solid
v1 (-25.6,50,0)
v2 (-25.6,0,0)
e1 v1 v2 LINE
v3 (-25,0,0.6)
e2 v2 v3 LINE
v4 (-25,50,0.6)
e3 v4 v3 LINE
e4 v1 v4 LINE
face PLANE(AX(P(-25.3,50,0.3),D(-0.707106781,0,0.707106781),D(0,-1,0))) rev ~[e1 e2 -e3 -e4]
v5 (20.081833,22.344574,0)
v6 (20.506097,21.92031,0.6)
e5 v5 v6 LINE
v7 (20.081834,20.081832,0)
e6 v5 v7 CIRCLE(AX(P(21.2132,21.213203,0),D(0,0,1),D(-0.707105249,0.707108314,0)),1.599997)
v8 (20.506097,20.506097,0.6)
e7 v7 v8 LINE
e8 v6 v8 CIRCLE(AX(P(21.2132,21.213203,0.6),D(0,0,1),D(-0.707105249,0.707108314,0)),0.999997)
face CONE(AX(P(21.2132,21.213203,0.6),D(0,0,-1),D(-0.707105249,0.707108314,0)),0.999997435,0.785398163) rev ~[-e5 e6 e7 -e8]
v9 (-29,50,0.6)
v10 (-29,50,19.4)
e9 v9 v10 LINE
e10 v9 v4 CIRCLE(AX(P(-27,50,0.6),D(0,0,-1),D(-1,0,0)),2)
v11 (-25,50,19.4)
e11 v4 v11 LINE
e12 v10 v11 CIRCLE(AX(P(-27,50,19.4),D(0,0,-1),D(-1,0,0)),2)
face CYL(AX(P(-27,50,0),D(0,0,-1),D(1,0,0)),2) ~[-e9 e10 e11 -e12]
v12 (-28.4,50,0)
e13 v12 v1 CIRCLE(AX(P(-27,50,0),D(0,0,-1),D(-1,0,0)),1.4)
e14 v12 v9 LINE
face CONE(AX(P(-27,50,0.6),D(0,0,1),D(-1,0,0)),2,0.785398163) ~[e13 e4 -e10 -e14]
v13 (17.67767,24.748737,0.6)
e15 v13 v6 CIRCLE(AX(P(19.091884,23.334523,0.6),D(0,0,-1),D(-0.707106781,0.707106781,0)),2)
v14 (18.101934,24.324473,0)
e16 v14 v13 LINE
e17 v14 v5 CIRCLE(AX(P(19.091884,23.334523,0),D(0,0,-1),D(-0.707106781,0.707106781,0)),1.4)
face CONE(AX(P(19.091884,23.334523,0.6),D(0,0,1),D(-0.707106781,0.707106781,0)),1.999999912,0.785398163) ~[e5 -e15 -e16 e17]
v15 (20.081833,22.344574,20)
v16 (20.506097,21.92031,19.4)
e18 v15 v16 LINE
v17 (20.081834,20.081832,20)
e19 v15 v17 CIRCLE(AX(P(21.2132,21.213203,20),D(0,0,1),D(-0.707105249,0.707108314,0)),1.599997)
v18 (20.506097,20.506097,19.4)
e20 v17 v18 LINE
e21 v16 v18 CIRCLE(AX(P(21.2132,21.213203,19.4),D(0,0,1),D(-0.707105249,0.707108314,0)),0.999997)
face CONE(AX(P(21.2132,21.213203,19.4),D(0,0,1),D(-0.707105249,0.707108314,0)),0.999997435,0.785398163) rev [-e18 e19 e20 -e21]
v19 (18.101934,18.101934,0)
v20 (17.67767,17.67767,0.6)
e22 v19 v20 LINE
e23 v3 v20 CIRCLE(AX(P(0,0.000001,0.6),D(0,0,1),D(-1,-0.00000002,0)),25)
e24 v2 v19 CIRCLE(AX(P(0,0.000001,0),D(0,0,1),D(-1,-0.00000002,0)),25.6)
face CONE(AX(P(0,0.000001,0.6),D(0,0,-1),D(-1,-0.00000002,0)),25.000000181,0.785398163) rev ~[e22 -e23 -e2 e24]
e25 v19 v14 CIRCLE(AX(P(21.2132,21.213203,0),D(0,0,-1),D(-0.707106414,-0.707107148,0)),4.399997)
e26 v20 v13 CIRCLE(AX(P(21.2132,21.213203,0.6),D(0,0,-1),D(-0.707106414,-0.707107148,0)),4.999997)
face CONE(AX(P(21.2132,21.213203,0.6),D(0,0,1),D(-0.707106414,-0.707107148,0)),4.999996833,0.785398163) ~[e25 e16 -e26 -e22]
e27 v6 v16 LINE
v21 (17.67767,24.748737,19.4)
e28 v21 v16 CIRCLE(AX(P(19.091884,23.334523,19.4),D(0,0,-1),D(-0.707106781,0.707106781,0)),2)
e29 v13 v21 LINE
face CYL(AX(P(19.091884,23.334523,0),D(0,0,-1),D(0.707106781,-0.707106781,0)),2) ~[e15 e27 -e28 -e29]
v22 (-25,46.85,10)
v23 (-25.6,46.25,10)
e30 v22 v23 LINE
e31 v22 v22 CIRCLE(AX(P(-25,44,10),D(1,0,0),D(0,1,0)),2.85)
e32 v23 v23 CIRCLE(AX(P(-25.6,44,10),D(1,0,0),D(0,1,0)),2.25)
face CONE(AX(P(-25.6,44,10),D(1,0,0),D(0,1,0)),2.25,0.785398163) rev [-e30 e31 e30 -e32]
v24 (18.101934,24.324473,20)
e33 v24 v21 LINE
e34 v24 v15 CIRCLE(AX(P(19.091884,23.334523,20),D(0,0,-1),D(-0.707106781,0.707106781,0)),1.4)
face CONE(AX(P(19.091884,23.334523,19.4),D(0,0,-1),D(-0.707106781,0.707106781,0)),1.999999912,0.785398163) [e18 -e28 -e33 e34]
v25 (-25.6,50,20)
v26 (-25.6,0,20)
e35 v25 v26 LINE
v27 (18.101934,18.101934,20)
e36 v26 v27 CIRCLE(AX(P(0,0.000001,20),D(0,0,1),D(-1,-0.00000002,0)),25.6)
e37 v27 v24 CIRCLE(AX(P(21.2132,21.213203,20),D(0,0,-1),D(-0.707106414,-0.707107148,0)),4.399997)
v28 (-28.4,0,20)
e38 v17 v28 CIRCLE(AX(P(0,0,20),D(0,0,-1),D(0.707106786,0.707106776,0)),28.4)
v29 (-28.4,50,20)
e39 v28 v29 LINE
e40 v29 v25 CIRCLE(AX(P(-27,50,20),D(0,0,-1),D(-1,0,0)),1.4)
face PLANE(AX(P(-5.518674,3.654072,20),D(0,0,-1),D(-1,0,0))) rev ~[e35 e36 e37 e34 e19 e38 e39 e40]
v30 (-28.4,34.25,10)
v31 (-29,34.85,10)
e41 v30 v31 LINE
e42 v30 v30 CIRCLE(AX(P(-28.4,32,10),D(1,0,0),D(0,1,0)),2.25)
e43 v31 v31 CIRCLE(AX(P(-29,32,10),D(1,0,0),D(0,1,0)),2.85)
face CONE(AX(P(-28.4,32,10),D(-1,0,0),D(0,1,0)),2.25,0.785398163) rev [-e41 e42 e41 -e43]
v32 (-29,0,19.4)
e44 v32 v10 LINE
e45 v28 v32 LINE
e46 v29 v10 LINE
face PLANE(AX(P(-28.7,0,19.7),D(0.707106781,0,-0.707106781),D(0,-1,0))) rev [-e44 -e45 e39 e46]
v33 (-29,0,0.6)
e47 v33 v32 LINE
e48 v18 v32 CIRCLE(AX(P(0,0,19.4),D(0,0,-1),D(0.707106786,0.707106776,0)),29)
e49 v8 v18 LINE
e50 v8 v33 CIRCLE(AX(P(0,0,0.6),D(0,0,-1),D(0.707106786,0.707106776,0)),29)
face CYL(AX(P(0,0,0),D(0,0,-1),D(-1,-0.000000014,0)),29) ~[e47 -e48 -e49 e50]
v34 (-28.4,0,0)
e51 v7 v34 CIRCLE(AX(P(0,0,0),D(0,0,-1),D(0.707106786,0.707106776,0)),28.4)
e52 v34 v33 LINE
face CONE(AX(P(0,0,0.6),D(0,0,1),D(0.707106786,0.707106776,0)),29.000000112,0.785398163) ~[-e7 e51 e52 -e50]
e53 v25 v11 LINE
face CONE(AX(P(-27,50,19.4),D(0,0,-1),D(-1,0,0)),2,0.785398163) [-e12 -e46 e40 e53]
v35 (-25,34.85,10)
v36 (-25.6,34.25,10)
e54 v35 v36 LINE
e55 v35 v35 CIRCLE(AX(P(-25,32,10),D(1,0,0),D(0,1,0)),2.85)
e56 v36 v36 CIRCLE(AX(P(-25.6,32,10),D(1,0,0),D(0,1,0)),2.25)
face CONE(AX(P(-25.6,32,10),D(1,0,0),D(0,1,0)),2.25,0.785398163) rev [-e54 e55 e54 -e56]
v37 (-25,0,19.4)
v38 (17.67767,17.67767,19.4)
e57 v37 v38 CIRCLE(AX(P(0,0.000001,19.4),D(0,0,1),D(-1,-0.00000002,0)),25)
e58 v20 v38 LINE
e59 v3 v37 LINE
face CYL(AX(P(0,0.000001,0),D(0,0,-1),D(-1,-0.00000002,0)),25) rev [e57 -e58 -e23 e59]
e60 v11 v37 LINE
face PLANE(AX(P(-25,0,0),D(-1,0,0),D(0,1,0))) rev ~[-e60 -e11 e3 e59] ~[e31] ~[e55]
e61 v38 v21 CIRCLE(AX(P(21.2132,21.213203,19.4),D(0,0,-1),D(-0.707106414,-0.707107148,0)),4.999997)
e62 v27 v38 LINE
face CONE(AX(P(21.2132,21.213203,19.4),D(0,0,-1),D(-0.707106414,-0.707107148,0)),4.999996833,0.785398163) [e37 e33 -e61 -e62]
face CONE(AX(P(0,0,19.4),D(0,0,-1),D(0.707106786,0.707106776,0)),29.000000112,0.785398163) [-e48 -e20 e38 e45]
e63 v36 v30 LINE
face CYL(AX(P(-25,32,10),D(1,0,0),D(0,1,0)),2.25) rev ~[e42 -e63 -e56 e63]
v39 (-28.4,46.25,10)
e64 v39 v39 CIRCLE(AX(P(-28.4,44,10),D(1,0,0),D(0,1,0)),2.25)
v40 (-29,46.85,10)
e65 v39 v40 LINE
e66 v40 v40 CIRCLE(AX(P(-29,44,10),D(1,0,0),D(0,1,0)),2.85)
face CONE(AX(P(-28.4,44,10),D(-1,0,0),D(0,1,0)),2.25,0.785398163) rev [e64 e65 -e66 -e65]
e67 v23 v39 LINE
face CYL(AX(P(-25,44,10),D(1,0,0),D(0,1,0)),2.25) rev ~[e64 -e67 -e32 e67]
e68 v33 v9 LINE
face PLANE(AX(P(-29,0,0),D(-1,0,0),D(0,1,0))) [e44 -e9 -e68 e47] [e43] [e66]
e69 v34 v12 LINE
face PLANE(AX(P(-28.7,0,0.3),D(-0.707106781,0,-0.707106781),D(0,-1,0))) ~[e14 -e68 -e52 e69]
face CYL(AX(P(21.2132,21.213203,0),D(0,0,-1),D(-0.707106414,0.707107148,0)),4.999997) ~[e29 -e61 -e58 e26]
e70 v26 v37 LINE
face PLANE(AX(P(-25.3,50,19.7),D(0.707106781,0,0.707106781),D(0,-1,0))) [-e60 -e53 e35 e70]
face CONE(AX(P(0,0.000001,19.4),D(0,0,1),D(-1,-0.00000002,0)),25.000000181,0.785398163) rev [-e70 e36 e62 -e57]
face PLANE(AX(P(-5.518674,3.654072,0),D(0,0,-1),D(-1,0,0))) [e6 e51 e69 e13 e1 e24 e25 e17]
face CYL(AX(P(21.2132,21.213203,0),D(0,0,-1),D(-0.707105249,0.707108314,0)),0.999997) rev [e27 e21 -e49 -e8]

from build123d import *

# Parameters (mm, degrees)
PAD_DEPTH    = 20
SKETCH001_R  = 2.25
POCKET_DEPTH = 5
CHAMFER_SIZE = 0.6


with BuildPart() as part:
    # Sketch → Pad (new body)
    with BuildSketch(Plane.XY):
        with BuildLine():
            ThreePointArc((-25, 0), (9.567086, -23.096988), (17.67767, 17.67767))
            ThreePointArc((17.67767, 24.748737), (16.213203, 21.213203), (17.67767, 17.67767))
            ThreePointArc((20.506097, 21.92031), (20.506097, 24.748737), (17.67767, 24.748737))
            ThreePointArc((20.506097, 21.92031), (20.213203, 21.213203), (20.506097, 20.506097))
            ThreePointArc((-29, 0), (11.09782, -26.792506), (20.506097, 20.506097))
            Line((-29, 0), (-29, 50))
            ThreePointArc((-25, 50), (-27, 52), (-29, 50))
            Line((-25, 0), (-25, 50))
        make_face()
    extrude(amount=PAD_DEPTH)

    # Sketch001 (on Face3 of Pad) → Pocket (cut)
    with BuildSketch(Plane.YZ.offset(-25)):
        with Locations((44, 10)):
            Circle(SKETCH001_R)
        with Locations((32, 10)):
            Circle(SKETCH001_R)
    extrude(amount=-POCKET_DEPTH, mode=Mode.SUBTRACT)

    # Chamfer
    chamfer_edges = [part.edges().sort_by_distance(p)[0] for p in [
        (-25, 29.75, 10),
        (-25, 41.75, 10),
        (-29, 25, 20),
        (-27, 52, 20),
        (-25, 25, 20),
        (9.567086, -23.096988, 20),
        (16.213203, 21.213203, 20),
        (20.506097, 24.748737, 20),
        (20.213203, 21.213203, 20),
        (11.09782, -26.792506, 20),
        (-29, 25, 0),
        (-27, 52, 0),
        (-25, 25, 0),
        (9.567086, -23.096988, 0),
        (16.213203, 21.213203, 0),
        (20.506097, 24.748737, 0),
        (20.213203, 21.213203, 0),
        (11.09782, -26.792506, 0),
        (-29, 29.75, 10),
        (-29, 41.75, 10),
    ]]
    chamfer(chamfer_edges, length=CHAMFER_SIZE)


solid = part.part
